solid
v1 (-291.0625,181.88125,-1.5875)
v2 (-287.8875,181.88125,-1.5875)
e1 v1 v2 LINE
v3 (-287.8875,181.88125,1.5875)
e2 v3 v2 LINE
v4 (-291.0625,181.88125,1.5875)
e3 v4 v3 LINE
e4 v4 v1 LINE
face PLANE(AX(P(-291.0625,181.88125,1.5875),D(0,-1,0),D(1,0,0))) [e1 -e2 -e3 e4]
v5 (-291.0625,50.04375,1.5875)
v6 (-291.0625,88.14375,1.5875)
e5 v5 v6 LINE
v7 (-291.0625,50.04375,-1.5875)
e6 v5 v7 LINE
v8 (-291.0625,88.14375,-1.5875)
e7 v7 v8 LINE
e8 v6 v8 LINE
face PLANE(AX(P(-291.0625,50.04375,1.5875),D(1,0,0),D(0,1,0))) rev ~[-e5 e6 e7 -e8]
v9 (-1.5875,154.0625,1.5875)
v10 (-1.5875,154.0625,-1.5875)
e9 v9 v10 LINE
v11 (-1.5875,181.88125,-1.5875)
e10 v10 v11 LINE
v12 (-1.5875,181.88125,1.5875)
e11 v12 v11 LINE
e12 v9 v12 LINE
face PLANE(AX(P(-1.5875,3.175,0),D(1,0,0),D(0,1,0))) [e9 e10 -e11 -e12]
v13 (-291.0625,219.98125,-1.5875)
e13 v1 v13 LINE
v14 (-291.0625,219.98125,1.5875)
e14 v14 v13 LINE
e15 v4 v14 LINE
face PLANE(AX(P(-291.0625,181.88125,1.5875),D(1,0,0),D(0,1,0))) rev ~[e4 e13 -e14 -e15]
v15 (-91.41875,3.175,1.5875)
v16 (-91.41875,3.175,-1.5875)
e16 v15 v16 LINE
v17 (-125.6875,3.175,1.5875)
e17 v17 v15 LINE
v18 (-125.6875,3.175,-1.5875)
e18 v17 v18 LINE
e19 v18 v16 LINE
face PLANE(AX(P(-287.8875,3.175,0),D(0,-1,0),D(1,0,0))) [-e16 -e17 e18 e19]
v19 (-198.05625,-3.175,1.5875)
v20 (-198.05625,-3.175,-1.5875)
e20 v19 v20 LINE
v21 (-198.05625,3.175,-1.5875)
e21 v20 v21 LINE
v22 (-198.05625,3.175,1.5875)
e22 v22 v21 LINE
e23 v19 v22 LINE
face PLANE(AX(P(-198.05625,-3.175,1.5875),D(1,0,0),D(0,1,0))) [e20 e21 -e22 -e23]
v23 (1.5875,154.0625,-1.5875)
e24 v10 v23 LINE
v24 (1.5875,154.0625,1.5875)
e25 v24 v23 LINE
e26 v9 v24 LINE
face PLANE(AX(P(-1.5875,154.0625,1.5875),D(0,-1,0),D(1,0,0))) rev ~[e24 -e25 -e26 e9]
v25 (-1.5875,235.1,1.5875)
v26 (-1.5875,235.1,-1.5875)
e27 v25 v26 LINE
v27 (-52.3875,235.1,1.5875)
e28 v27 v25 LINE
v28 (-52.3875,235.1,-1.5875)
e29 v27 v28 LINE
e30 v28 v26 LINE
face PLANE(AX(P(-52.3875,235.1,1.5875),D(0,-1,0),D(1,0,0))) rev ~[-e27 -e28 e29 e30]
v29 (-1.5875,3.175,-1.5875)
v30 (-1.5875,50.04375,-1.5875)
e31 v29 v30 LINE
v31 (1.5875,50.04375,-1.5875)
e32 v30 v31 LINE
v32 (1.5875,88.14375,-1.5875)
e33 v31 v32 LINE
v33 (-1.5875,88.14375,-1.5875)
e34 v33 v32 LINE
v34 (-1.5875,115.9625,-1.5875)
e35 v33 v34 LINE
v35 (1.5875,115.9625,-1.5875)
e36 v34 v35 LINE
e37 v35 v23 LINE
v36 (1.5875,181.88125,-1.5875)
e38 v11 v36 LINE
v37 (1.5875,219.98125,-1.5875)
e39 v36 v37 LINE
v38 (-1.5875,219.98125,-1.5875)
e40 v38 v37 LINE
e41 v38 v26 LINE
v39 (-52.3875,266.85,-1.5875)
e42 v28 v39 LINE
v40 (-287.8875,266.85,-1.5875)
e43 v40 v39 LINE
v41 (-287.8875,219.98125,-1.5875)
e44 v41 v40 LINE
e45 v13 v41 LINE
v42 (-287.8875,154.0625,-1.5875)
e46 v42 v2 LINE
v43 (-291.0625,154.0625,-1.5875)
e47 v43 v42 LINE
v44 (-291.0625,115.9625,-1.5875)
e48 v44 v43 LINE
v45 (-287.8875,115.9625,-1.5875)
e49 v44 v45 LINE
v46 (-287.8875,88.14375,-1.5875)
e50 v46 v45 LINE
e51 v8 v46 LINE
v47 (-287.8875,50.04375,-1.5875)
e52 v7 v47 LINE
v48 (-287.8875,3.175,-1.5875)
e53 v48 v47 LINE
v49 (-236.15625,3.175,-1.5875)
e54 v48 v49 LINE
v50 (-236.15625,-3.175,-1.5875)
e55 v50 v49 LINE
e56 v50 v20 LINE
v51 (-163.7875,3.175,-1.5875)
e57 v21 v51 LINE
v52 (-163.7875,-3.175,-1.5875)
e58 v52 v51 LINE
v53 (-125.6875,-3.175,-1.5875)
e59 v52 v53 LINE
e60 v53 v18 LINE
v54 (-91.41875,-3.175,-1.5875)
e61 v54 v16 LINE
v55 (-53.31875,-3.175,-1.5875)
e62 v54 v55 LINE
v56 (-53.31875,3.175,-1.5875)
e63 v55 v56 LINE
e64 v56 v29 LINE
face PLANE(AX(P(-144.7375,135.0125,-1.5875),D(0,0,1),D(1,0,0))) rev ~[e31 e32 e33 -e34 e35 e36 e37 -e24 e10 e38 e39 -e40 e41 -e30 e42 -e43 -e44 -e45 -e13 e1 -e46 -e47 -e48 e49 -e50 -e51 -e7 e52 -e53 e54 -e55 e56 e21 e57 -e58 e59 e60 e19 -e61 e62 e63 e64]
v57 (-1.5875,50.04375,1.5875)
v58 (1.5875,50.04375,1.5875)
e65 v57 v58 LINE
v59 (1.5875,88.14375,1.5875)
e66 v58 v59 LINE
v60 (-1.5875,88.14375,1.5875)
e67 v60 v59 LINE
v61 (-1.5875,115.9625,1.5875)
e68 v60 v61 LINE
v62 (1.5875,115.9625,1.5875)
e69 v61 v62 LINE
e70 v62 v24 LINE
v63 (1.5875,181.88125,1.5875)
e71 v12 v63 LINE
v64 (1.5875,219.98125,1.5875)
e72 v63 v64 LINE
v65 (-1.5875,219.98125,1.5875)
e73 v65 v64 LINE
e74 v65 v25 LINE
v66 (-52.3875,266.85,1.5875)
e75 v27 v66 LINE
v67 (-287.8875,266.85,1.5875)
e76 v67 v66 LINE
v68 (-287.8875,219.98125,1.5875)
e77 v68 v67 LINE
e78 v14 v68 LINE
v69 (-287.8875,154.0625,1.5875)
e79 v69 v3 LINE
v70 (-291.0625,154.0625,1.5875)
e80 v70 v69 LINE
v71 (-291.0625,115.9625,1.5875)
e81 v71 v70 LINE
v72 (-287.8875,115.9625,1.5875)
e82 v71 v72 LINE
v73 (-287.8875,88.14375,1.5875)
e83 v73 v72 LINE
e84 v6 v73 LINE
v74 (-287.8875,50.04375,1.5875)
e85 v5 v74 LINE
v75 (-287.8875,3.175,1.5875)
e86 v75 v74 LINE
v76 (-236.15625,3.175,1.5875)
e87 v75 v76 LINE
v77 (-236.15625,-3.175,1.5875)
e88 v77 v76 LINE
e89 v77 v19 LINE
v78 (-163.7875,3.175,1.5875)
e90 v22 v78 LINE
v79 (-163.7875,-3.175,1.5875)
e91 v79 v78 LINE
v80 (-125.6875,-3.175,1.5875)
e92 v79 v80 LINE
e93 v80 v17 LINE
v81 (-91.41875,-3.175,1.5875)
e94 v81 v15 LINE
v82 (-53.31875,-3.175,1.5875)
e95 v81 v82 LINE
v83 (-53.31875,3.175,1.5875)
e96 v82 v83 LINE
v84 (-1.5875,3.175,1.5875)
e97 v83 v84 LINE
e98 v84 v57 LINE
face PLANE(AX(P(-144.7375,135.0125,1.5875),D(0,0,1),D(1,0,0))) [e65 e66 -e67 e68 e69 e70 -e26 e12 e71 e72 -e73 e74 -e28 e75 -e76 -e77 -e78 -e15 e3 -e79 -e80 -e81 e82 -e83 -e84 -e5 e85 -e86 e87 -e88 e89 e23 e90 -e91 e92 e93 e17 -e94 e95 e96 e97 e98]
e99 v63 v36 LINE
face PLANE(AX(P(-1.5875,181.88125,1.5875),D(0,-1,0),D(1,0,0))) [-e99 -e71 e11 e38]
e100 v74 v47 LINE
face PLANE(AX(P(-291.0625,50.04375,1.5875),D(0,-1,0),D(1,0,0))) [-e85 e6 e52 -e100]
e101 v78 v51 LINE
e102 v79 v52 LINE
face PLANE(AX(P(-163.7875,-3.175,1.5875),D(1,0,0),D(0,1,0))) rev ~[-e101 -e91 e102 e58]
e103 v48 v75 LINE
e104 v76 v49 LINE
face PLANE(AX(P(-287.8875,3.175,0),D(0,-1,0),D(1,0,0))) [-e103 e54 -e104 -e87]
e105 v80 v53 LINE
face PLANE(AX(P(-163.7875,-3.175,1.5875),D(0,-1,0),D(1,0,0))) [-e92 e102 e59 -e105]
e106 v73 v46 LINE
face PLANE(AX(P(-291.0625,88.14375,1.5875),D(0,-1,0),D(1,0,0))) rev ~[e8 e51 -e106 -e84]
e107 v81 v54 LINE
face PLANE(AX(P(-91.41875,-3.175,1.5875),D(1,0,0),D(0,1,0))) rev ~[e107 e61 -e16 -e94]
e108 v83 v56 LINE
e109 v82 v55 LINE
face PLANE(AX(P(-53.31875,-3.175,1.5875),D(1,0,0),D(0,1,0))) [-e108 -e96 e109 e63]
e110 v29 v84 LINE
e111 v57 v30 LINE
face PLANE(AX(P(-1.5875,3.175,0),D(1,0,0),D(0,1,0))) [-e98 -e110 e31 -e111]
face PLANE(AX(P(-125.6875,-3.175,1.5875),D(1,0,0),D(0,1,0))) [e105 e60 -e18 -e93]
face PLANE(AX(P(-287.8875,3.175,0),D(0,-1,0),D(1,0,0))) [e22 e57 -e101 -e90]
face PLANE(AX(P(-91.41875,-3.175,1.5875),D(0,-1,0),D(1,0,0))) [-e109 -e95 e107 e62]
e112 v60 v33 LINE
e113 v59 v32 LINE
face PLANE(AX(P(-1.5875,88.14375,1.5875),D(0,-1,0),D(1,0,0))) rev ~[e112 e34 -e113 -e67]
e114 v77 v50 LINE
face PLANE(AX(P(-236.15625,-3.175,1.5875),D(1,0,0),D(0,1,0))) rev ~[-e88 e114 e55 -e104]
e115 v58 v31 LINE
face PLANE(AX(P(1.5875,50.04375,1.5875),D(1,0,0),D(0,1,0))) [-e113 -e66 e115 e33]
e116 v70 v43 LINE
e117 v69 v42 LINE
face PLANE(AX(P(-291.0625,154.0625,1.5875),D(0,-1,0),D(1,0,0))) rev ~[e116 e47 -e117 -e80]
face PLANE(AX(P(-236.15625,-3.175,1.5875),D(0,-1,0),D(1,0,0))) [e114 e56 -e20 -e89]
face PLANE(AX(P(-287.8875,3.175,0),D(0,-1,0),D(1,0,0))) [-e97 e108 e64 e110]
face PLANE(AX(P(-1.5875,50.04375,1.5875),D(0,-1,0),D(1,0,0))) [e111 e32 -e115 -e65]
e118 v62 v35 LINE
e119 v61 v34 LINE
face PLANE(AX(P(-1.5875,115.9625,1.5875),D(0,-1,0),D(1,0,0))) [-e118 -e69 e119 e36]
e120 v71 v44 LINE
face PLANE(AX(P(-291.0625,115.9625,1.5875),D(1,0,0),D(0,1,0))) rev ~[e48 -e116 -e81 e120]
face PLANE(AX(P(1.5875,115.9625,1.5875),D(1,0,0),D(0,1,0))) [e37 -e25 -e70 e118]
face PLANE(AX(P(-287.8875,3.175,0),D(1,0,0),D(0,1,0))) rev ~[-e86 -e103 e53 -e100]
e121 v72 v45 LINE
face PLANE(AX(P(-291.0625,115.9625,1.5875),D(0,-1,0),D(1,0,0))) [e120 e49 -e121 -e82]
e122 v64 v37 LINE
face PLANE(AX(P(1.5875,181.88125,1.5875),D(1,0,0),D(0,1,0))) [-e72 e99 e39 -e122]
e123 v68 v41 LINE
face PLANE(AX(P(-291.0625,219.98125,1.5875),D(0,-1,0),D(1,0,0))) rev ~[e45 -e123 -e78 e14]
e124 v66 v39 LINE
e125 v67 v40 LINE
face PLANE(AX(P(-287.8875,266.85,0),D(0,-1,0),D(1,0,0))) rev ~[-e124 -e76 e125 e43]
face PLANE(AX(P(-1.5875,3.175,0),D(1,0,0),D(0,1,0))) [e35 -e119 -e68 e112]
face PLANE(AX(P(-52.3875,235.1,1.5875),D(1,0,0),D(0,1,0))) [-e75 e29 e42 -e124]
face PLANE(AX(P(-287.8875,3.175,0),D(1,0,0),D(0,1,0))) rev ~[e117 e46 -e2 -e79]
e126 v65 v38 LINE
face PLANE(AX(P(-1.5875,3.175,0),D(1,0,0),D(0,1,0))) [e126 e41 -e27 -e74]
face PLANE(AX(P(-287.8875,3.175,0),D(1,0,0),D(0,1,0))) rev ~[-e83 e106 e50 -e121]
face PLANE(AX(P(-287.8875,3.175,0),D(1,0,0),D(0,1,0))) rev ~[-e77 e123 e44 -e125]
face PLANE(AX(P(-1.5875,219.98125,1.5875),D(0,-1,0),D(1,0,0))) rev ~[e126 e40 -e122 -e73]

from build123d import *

# Parameters (mm, degrees)
SKETCH1_W           = 286.300000032
SKETCH1_H           = 263.675
BOSS_EXTRUDE1_DEPTH = 1.5875
SKETCH4_W           = 3.175
SKETCH4_H           = 38.1
SKETCH4_W_2         = 38.1
SKETCH4_H_2         = 6.35
BOSS_EXTRUDE2_DEPTH = 3.175
SKETCH3_W           = 50.8
SKETCH3_H           = 31.75
CUT_EXTRUDE2_DEPTH  = 3.175


with BuildPart() as part:
    # Sketch1 → Boss-Extrude1 (new body, symmetric)
    with BuildSketch(Plane.XY):
        with Locations((-144.737500016, 135.0125)):
            Rectangle(SKETCH1_W, SKETCH1_H)
    extrude(amount=BOSS_EXTRUDE1_DEPTH, both=True)

    # Sketch4 → Boss-Extrude2 (add)
    with BuildSketch(Plane.XY.offset(1.5875)):
        with Locations((-289.475000032, 200.93125)):
            Rectangle(SKETCH4_W, SKETCH4_H)
        with Locations((-289.475000032, 135.0125)):
            Rectangle(SKETCH4_W, SKETCH4_H)
        with Locations((-289.475000032, 69.09375)):
            Rectangle(SKETCH4_W, SKETCH4_H)
        with Locations((0, 200.93125)):
            Rectangle(SKETCH4_W, SKETCH4_H)
        with Locations((0, 135.0125)):
            Rectangle(SKETCH4_W, SKETCH4_H)
        with Locations((0, 69.09375)):
            Rectangle(SKETCH4_W, SKETCH4_H)
        with Locations((-217.106250024, 0)):
            Rectangle(SKETCH4_W_2, SKETCH4_H_2)
        with Locations((-144.737500016, 0)):
            Rectangle(SKETCH4_W_2, SKETCH4_H_2)
        with Locations((-72.368750008, 0)):
            Rectangle(SKETCH4_W_2, SKETCH4_H_2)
    extrude(amount=-BOSS_EXTRUDE2_DEPTH)

    # Sketch3 → Cut-Extrude2 (cut)
    with BuildSketch(Plane.XY.offset(1.5875)):
        with Locations((-26.9875, 250.975)):
            Rectangle(SKETCH3_W, SKETCH3_H)
    extrude(amount=-CUT_EXTRUDE2_DEPTH, mode=Mode.SUBTRACT)


solid = part.part
